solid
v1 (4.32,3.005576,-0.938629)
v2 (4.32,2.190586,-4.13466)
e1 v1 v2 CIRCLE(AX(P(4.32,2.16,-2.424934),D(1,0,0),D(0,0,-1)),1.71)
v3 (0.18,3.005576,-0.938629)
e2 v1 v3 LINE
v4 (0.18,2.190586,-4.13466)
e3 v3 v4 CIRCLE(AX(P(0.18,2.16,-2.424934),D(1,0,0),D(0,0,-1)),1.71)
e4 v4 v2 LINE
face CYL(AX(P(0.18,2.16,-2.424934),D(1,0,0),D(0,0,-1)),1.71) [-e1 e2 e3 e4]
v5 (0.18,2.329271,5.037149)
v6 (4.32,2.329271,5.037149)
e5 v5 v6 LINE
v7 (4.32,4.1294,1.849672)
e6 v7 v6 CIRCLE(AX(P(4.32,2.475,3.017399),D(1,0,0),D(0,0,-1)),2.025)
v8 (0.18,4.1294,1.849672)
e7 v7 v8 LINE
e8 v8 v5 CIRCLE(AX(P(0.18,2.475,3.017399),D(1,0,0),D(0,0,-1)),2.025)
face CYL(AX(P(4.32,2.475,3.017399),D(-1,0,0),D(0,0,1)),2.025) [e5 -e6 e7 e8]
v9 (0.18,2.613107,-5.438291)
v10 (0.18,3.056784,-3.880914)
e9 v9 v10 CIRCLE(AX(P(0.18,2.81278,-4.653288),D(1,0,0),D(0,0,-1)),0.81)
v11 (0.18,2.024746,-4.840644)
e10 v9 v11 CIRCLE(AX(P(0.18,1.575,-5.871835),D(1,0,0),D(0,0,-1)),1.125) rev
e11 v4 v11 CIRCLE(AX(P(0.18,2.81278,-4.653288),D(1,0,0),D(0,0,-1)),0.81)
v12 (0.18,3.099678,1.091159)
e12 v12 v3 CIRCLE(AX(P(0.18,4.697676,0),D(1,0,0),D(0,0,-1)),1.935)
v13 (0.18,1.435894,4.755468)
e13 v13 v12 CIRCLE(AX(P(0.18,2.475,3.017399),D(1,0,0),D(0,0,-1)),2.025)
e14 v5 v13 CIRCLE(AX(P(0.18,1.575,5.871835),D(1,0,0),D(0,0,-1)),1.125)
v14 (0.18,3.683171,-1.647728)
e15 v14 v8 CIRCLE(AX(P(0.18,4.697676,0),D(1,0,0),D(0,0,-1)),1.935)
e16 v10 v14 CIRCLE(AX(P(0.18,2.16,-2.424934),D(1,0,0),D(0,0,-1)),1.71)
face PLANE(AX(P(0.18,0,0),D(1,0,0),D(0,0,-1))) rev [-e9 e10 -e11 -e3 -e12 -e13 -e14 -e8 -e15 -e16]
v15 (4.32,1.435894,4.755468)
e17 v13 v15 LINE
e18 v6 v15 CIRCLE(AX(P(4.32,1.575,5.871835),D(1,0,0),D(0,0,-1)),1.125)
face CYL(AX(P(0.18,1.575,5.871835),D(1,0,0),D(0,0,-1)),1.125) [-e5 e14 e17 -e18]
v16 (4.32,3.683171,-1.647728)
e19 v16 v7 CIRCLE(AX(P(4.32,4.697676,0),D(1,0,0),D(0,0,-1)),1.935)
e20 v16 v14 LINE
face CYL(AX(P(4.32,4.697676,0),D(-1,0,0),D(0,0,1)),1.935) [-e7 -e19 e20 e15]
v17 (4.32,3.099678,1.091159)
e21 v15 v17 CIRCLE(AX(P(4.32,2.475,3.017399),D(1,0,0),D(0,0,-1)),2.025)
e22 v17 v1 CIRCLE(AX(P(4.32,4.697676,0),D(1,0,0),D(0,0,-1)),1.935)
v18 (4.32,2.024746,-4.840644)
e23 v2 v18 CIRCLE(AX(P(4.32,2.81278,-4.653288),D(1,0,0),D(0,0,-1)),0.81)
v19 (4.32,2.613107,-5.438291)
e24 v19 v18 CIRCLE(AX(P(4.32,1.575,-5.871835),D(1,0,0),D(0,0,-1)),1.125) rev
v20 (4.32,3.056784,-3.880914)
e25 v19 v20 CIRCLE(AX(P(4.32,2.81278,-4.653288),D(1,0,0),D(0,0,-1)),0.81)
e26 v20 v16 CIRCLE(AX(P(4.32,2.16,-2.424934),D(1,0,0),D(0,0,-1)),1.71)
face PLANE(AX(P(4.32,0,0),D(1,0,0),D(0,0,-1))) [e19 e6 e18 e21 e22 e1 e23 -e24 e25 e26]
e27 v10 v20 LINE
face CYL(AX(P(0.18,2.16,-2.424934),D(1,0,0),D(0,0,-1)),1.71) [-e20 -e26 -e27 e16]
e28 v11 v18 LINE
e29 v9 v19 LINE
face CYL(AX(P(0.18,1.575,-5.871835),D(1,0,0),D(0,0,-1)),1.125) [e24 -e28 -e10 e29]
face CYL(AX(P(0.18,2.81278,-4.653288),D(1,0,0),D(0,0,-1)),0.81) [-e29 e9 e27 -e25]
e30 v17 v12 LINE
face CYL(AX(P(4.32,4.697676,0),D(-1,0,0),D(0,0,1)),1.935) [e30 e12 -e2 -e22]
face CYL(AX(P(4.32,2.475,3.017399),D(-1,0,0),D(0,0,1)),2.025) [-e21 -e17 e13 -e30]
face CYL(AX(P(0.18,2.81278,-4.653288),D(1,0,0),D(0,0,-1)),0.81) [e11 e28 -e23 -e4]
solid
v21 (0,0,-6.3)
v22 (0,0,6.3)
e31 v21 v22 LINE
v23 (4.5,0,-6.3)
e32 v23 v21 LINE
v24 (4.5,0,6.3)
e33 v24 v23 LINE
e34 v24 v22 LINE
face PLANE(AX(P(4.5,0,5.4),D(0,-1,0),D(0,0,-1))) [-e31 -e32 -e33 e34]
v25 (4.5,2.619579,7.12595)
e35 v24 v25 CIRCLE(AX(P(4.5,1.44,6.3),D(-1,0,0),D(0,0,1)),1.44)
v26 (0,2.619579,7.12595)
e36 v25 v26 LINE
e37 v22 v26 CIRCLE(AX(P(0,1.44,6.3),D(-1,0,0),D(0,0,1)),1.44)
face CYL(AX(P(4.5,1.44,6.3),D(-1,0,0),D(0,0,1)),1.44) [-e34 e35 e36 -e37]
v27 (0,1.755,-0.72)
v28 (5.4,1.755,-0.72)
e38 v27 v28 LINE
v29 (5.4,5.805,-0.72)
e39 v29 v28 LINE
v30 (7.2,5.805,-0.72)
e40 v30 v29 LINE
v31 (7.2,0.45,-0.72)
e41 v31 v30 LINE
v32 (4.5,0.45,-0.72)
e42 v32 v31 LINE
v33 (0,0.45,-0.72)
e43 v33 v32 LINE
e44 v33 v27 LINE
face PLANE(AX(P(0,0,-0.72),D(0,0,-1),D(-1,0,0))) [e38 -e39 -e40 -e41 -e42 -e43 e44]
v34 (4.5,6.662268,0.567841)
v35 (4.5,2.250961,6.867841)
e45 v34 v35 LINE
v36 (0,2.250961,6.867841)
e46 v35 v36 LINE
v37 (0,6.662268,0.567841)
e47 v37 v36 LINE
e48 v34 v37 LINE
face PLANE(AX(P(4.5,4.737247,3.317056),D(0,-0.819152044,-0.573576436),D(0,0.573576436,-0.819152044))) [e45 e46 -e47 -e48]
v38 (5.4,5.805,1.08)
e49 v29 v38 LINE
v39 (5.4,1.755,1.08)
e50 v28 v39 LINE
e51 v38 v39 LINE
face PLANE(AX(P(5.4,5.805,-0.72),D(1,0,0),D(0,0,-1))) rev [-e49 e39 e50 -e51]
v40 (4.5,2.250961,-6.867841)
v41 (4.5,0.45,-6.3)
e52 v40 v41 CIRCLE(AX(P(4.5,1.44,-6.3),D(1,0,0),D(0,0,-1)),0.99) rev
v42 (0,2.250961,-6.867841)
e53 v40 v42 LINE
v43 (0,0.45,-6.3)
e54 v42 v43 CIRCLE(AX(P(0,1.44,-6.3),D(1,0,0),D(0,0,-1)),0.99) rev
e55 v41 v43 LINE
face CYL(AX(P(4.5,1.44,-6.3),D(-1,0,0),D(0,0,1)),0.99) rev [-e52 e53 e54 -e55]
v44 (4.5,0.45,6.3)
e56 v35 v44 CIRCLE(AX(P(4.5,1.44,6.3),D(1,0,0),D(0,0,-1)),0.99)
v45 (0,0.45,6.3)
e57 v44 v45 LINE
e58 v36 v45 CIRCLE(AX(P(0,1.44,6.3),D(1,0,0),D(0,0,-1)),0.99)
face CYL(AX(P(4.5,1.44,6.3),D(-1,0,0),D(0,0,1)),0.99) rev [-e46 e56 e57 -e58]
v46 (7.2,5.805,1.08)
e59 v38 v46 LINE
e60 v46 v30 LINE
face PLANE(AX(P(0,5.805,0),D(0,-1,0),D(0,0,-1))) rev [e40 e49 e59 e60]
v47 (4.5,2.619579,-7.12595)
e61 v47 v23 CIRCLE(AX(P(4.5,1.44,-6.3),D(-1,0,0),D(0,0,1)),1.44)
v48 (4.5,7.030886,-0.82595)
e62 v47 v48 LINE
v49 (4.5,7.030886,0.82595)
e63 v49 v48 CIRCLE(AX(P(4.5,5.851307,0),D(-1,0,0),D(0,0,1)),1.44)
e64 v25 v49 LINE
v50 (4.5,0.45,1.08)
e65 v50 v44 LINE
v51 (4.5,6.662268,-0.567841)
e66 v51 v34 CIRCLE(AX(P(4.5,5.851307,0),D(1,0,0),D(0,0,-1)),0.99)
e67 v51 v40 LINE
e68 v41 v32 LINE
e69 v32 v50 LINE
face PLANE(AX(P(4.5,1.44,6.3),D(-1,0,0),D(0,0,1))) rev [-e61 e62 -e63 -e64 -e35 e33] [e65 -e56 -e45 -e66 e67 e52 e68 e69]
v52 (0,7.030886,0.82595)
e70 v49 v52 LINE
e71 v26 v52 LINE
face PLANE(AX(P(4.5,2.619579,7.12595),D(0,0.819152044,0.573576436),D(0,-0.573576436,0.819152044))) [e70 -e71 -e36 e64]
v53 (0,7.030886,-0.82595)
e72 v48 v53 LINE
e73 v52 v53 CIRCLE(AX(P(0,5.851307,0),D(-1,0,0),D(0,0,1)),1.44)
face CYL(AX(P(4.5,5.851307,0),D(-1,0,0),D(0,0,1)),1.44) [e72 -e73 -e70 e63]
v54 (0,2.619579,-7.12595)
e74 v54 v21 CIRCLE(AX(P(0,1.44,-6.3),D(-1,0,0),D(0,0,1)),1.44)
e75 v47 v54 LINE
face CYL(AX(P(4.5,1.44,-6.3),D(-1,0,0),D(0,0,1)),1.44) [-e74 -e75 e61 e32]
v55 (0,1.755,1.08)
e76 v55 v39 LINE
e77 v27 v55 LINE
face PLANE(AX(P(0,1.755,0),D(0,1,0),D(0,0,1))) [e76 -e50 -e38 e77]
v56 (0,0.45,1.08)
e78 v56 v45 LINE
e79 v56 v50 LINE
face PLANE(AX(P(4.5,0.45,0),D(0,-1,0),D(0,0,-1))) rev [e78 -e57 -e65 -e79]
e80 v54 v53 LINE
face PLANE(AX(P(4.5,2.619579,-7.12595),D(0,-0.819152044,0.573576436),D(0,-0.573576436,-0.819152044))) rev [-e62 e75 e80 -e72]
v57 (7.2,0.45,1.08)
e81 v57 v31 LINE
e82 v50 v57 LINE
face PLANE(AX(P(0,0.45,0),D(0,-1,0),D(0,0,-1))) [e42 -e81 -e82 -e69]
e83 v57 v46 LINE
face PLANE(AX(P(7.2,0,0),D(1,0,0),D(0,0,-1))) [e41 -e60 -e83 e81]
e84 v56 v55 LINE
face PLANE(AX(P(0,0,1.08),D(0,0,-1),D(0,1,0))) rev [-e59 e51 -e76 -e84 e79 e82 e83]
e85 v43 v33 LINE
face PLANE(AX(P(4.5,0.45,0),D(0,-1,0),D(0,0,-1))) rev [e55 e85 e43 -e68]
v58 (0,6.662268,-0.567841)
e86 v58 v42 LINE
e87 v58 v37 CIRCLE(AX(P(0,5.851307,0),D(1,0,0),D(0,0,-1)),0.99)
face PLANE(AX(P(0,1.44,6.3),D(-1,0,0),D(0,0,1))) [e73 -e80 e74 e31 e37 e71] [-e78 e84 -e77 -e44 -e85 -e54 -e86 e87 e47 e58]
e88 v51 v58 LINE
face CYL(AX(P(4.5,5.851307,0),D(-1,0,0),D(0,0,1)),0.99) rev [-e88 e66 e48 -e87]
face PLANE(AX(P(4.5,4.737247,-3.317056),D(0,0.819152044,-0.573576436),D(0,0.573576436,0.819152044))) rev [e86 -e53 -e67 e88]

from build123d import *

# Parameters (mm, degrees)
TREADS_DEPTH                   = 2.5
CIRCLES_DEPTH                  = 1.15
CIRCLES_DEPTH_BACK             = 1.15
BOTTOM_OF_CONNECTOR_DEPTH      = 2.75
BOTTOM_OF_CONNECTOR_DEPTH_BACK = 1.25
SKETCH3_5_W                    = 1
SKETCH3_5_H                    = 0.725
SKETCH4_W                      = 1
SKETCH4_H                      = 1
TOP_OF_CONNECTOR_DEPTH         = 2.25
SCALE1_SCALE                   = 1.8


with BuildPart() as part:
    # Sketch1 → Treads (new body)
    with BuildSketch(Plane(origin=(0, 0, 0), x_dir=(0, 0, -1), z_dir=(1, 0, 0))):
        with BuildLine():
            Line((-3, 0), (3, 0))
            Line((3, 0), (3.5, 0))
            ThreePointArc((3.5, 0), (4.262973561, 0.55943536), (3.958861149, 1.455321635))
            Line((3.958861149, 1.455321635), (0.458861149, 3.906048019))
            ThreePointArc((0.458861149, 3.906048019), (0, 4.050726384), (-0.458861149, 3.906048019))
            Line((-0.458861149, 3.906048019), (-3.958861149, 1.455321635))
            ThreePointArc((-3.958861149, 1.455321635), (-4.262973561, 0.55943536), (-3.5, 0))
            Line((-3.5, 0), (-3, 0))
        make_face()
        with BuildLine():
            ThreePointArc((0, 3.800726384), (0.16538819, 3.775270707), (0.31546704, 3.701260008))
            Line((0.31546704, 3.701260008), (3.81546704, 1.250533624))
            ThreePointArc((3.81546704, 1.250533624), (4.024544323, 0.63461181), (3.5, 0.25))
            Line((3.5, 0.25), (-3.5, 0.25))
            ThreePointArc((-3.5, 0.25), (-4.024544323, 0.63461181), (-3.81546704, 1.250533624))
            Line((-3.81546704, 1.250533624), (-0.31546704, 3.701260008))
            ThreePointArc((-0.31546704, 3.701260008), (-0.16538819, 3.775270707), (0, 3.800726384))
        make_face(mode=Mode.SUBTRACT)
    extrude(amount=TREADS_DEPTH)

    # Sketch3<5> → Bottom of Connector (add, two sides: drawn at the far end of the back side and taken through both)
    with BuildSketch(Plane(origin=(1.25, 0, 0), x_dir=(0, 0, -1), z_dir=(1, 0, 0)).offset(-BOTTOM_OF_CONNECTOR_DEPTH_BACK)):
        with Locations((-0.1, 0.6125)):
            Rectangle(SKETCH3_5_W, SKETCH3_5_H)
    extrude(amount=BOTTOM_OF_CONNECTOR_DEPTH + BOTTOM_OF_CONNECTOR_DEPTH_BACK)

    # Sketch4 → Top of Connector (add)
    with BuildSketch(Plane(origin=(0, 0.975, 0), x_dir=(1, 0, 0), z_dir=(0, 1, 0))):
        with Locations((3.5, -0.1)):
            Rectangle(SKETCH4_W, SKETCH4_H)
    extrude(amount=TOP_OF_CONNECTOR_DEPTH)


with BuildPart() as body_2:
    # Sketch3 → Circles (new, two sides: drawn at the far end of the back side and taken through both)
    with BuildSketch(Plane(origin=(1.25, 0, 0), x_dir=(0, 0, -1), z_dir=(1, 0, 0)).offset(-CIRCLES_DEPTH_BACK)):
        with BuildLine():
            ThreePointArc((-2.641926718, 0.797718657), (-1.211224345, 0.350647058), (-0.606199298, 1.722043057))
            ThreePointArc((-0.606199298, 1.722043057), (-0.049783758, 1.535973098), (0.521460622, 1.669764503))
            ThreePointArc((0.521460622, 1.669764503), (1.112446431, 0.279457962), (2.297033365, 1.216992122))
            ThreePointArc((2.297033365, 1.216992122), (2.482253195, 1.124579804), (2.68924678, 1.124858699))
            ThreePointArc((2.68924678, 1.124858699), (3.700598319, 0.429611546), (3.021273042, 1.451725878))
            ThreePointArc((3.021273042, 1.451725878), (2.708453629, 1.995435529), (2.15606319, 1.698213434))
            ThreePointArc((2.15606319, 1.698213434), (1.60374964, 2.114699273), (0.915404217, 2.046206275))
            ThreePointArc((0.915404217, 2.046206275), (0.136054833, 3.676175239), (-1.027595727, 2.294110965))
            ThreePointArc((-1.027595727, 2.294110965), (-2.229550715, 2.354579066), (-2.798416042, 1.294039382))
            ThreePointArc((-2.798416042, 1.294039382), (-3.858203484, 0.687058875), (-2.641926718, 0.797718657))
        make_face()
    extrude(amount=CIRCLES_DEPTH + CIRCLES_DEPTH_BACK)


with BuildPart() as part_1:
    # Scale1: scaled about (0, 0, 0)
    add(part.part.scale(SCALE1_SCALE))


with BuildPart() as body_2_1:
    # Scale1: scaled about (0, 0, 0)
    add(body_2.part.scale(SCALE1_SCALE))


solid = Compound([part_1.part, body_2_1.part])
